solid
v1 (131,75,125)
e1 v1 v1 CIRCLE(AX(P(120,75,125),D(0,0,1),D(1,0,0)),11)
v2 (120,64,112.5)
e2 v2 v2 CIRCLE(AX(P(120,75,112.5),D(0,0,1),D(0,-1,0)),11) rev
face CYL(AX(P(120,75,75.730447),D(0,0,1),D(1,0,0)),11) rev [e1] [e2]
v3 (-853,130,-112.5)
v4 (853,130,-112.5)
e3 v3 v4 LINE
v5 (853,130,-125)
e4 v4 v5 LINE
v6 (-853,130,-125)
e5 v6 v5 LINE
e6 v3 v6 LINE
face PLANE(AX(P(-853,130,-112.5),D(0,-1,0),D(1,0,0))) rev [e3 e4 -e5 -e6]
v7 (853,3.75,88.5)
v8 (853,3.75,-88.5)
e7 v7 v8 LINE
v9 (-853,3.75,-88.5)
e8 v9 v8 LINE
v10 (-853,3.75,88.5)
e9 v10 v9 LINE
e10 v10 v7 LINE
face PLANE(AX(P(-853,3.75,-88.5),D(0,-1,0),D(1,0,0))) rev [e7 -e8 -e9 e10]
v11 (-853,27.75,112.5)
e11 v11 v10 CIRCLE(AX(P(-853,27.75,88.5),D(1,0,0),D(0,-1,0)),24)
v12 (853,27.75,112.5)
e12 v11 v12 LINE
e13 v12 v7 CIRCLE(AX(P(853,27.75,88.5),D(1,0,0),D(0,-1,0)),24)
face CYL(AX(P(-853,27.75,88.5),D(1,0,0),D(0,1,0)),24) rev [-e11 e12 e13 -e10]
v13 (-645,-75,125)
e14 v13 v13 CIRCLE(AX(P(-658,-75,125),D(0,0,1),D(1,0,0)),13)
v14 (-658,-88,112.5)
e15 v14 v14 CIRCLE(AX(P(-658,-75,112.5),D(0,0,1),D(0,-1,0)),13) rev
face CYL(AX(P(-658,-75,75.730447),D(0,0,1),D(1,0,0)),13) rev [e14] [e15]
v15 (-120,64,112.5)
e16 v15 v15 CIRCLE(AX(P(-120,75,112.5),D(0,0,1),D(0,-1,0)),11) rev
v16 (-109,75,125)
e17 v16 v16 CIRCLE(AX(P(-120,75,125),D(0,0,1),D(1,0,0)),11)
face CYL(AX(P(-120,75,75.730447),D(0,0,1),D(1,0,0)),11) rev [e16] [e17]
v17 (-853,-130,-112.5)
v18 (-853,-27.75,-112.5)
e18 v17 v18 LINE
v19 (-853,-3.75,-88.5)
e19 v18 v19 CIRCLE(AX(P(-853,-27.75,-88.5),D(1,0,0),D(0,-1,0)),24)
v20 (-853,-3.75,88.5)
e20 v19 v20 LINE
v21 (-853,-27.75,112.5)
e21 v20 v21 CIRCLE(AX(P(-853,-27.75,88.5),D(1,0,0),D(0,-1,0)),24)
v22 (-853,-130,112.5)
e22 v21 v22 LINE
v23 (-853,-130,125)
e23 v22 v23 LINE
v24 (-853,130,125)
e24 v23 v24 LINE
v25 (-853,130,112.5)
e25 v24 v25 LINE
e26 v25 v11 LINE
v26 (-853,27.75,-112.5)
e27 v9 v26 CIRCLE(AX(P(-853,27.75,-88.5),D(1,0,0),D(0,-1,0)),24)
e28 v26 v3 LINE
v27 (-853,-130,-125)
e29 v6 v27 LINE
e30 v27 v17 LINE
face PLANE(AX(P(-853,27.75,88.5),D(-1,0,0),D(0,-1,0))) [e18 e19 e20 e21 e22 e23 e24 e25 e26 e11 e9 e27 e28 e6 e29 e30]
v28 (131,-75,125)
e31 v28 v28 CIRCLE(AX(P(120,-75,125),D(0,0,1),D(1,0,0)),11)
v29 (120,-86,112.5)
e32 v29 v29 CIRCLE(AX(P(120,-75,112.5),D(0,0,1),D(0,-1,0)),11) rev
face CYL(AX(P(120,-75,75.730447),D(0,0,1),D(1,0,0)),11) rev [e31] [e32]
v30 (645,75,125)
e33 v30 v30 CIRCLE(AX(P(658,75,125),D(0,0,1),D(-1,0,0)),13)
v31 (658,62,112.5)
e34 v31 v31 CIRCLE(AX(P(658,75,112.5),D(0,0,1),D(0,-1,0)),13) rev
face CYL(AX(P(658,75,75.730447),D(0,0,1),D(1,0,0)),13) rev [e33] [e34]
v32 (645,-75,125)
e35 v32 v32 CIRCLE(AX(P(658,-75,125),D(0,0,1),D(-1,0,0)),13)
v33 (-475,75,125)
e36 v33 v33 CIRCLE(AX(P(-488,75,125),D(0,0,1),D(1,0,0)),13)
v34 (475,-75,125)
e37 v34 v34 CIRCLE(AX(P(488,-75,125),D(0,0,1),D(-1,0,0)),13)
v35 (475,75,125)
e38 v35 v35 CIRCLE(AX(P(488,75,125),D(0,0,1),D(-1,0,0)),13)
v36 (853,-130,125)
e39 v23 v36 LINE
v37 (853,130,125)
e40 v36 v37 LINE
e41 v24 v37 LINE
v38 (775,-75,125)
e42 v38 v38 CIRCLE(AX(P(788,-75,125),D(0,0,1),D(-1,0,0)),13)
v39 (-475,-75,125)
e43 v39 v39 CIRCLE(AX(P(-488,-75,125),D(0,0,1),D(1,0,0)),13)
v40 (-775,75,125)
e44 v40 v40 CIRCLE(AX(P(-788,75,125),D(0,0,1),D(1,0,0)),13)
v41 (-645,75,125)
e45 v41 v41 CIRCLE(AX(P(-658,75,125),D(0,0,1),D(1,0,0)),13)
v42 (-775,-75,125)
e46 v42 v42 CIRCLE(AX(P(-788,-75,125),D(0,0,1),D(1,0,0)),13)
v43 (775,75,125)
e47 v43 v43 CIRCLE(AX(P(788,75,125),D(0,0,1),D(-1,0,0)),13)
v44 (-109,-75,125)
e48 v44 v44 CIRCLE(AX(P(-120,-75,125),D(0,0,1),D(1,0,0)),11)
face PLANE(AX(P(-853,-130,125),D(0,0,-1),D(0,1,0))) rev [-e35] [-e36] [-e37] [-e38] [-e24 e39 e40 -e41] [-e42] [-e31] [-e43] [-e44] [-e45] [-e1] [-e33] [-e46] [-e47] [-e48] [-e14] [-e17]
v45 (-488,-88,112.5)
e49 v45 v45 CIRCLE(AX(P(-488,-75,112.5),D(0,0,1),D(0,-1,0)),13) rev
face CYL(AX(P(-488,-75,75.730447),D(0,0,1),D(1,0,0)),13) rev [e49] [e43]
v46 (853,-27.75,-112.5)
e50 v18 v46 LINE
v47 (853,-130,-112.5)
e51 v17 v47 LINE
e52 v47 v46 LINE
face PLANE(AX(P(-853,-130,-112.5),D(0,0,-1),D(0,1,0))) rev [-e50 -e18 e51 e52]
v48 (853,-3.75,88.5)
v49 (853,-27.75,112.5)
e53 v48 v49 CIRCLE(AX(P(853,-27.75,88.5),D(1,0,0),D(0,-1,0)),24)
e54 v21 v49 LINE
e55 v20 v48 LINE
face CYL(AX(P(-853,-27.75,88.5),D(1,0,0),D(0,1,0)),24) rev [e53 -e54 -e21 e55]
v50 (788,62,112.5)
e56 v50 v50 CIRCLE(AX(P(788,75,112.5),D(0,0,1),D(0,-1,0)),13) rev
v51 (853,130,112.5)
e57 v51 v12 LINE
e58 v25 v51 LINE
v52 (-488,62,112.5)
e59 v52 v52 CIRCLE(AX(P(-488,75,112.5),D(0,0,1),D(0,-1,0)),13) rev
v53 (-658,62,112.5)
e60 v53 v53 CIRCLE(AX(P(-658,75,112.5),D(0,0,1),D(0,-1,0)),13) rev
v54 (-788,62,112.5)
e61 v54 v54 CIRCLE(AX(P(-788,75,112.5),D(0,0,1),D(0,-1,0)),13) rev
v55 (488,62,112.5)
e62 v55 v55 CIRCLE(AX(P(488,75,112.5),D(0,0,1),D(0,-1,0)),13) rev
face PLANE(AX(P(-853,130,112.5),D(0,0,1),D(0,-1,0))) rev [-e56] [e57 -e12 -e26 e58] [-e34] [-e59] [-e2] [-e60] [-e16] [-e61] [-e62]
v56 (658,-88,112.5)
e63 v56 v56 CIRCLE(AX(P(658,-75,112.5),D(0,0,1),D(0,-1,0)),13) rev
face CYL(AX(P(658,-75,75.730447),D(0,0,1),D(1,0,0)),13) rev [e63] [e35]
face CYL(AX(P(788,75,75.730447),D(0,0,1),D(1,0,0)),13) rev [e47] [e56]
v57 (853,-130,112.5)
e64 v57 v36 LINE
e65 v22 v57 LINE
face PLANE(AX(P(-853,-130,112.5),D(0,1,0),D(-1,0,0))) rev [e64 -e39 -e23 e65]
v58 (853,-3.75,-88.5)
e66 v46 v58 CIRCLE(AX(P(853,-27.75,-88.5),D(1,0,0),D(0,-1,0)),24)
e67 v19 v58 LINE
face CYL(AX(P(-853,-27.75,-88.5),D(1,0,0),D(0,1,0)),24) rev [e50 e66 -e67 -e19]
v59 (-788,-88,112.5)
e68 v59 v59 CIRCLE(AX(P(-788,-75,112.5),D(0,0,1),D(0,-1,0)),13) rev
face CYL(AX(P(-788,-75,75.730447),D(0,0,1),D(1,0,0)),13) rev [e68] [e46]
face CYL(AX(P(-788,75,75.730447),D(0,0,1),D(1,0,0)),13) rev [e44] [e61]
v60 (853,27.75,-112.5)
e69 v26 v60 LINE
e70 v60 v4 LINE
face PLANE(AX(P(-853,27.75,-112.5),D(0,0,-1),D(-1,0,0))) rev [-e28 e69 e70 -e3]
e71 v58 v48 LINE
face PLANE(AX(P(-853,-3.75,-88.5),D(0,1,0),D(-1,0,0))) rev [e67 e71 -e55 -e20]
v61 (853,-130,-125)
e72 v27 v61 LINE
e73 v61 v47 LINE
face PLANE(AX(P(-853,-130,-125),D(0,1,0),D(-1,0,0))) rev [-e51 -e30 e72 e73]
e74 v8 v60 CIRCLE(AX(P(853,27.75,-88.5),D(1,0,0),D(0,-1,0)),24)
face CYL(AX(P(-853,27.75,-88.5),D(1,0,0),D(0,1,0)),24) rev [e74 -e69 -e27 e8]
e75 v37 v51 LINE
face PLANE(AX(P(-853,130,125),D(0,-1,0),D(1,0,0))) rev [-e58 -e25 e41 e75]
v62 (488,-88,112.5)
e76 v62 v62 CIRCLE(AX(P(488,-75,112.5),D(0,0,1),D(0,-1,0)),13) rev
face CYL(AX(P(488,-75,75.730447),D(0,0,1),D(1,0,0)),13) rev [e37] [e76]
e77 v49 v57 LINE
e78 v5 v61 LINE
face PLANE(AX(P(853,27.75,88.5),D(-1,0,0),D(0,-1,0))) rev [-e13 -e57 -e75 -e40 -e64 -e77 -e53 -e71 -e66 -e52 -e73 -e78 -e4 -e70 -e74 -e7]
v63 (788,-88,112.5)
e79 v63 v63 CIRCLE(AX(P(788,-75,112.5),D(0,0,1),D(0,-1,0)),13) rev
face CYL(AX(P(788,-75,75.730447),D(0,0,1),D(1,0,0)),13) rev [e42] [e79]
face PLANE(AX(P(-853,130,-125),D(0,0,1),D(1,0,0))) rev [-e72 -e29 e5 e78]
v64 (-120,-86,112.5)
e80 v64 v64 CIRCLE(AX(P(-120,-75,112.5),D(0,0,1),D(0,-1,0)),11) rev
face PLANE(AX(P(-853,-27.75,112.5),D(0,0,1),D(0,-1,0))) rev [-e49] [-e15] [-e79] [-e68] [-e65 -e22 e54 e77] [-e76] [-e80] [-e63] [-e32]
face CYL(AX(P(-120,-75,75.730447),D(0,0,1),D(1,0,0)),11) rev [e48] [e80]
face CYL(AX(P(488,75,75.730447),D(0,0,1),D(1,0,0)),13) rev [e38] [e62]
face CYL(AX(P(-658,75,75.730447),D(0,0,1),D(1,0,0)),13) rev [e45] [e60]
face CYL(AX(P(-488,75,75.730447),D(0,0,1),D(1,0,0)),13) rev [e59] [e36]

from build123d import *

# Parameters (mm, degrees)
STRUKTURBAUTEIL1_DEPTH          = 1706
SKIZZE2_R                       = 13
SKIZZE2_R_2                     = 11
SCHNITT_LINEAR_AUSTRAGEN1_DEPTH = 12.5


with BuildPart() as part:
    # Skizze12 → Strukturbauteil1 (new body)
    with BuildSketch(Plane(origin=(853, 0, 0), x_dir=(0, -1, 0), z_dir=(-1, 0, 0))):
        with BuildLine():
            Line((130, 125), (-130, 125))
            Line((-130, 125), (-130, 112.5))
            Line((-130, 112.5), (-27.75, 112.5))
            ThreePointArc((-27.75, 112.5), (-10.779437252, 105.470562748), (-3.75, 88.5))
            Line((-3.75, 88.5), (-3.75, -88.5))
            ThreePointArc((-3.75, -88.5), (-10.779437252, -105.470562748), (-27.75, -112.5))
            Line((-27.75, -112.5), (-130, -112.5))
            Line((-130, -112.5), (-130, -125))
            Line((-130, -125), (130, -125))
            Line((130, -125), (130, -112.5))
            Line((130, -112.5), (27.75, -112.5))
            ThreePointArc((27.75, -112.5), (10.779437252, -105.470562748), (3.75, -88.5))
            Line((3.75, -88.5), (3.75, 88.5))
            ThreePointArc((3.75, 88.5), (10.779437252, 105.470562748), (27.75, 112.5))
            Line((27.75, 112.5), (130, 112.5))
            Line((130, 112.5), (130, 125))
        make_face()
    extrude(amount=STRUKTURBAUTEIL1_DEPTH)

    # Skizze2 → Schnitt-Linear austragen1 (cut)
    with BuildSketch(Plane.XY.offset(125)):
        with Locations((-788, 75)):
            Circle(SKIZZE2_R)
        with Locations((-788, -75)):
            Circle(SKIZZE2_R)
        with Locations((-658, -75)):
            Circle(SKIZZE2_R)
        with Locations((-658, 75)):
            Circle(SKIZZE2_R)
        with Locations((-488, 75)):
            Circle(SKIZZE2_R)
        with Locations((-488, -75)):
            Circle(SKIZZE2_R)
        with Locations(Location((488, -75, 0), (0, 0, 270))):  # turned: the seam where the file's is
            Circle(SKIZZE2_R)
        with Locations(Location((488, 75, 0), (0, 0, 270))):  # turned: the seam where the file's is
            Circle(SKIZZE2_R)
        with Locations(Location((658, 75, 0), (0, 0, 270))):  # turned: the seam where the file's is
            Circle(SKIZZE2_R)
        with Locations(Location((658, -75, 0), (0, 0, 270))):  # turned: the seam where the file's is
            Circle(SKIZZE2_R)
        with Locations(Location((788, -75, 0), (0, 0, 270))):  # turned: the seam where the file's is
            Circle(SKIZZE2_R)
        with Locations(Location((788, 75, 0), (0, 0, 270))):  # turned: the seam where the file's is
            Circle(SKIZZE2_R)
        with Locations((-120, 75)):
            Circle(SKIZZE2_R_2)
        with Locations((120, 75)):
            Circle(SKIZZE2_R_2)
        with Locations((-120, -75)):
            Circle(SKIZZE2_R_2)
        with Locations((120, -75)):
            Circle(SKIZZE2_R_2)
    extrude(amount=-SCHNITT_LINEAR_AUSTRAGEN1_DEPTH, mode=Mode.SUBTRACT)


solid = part.part
